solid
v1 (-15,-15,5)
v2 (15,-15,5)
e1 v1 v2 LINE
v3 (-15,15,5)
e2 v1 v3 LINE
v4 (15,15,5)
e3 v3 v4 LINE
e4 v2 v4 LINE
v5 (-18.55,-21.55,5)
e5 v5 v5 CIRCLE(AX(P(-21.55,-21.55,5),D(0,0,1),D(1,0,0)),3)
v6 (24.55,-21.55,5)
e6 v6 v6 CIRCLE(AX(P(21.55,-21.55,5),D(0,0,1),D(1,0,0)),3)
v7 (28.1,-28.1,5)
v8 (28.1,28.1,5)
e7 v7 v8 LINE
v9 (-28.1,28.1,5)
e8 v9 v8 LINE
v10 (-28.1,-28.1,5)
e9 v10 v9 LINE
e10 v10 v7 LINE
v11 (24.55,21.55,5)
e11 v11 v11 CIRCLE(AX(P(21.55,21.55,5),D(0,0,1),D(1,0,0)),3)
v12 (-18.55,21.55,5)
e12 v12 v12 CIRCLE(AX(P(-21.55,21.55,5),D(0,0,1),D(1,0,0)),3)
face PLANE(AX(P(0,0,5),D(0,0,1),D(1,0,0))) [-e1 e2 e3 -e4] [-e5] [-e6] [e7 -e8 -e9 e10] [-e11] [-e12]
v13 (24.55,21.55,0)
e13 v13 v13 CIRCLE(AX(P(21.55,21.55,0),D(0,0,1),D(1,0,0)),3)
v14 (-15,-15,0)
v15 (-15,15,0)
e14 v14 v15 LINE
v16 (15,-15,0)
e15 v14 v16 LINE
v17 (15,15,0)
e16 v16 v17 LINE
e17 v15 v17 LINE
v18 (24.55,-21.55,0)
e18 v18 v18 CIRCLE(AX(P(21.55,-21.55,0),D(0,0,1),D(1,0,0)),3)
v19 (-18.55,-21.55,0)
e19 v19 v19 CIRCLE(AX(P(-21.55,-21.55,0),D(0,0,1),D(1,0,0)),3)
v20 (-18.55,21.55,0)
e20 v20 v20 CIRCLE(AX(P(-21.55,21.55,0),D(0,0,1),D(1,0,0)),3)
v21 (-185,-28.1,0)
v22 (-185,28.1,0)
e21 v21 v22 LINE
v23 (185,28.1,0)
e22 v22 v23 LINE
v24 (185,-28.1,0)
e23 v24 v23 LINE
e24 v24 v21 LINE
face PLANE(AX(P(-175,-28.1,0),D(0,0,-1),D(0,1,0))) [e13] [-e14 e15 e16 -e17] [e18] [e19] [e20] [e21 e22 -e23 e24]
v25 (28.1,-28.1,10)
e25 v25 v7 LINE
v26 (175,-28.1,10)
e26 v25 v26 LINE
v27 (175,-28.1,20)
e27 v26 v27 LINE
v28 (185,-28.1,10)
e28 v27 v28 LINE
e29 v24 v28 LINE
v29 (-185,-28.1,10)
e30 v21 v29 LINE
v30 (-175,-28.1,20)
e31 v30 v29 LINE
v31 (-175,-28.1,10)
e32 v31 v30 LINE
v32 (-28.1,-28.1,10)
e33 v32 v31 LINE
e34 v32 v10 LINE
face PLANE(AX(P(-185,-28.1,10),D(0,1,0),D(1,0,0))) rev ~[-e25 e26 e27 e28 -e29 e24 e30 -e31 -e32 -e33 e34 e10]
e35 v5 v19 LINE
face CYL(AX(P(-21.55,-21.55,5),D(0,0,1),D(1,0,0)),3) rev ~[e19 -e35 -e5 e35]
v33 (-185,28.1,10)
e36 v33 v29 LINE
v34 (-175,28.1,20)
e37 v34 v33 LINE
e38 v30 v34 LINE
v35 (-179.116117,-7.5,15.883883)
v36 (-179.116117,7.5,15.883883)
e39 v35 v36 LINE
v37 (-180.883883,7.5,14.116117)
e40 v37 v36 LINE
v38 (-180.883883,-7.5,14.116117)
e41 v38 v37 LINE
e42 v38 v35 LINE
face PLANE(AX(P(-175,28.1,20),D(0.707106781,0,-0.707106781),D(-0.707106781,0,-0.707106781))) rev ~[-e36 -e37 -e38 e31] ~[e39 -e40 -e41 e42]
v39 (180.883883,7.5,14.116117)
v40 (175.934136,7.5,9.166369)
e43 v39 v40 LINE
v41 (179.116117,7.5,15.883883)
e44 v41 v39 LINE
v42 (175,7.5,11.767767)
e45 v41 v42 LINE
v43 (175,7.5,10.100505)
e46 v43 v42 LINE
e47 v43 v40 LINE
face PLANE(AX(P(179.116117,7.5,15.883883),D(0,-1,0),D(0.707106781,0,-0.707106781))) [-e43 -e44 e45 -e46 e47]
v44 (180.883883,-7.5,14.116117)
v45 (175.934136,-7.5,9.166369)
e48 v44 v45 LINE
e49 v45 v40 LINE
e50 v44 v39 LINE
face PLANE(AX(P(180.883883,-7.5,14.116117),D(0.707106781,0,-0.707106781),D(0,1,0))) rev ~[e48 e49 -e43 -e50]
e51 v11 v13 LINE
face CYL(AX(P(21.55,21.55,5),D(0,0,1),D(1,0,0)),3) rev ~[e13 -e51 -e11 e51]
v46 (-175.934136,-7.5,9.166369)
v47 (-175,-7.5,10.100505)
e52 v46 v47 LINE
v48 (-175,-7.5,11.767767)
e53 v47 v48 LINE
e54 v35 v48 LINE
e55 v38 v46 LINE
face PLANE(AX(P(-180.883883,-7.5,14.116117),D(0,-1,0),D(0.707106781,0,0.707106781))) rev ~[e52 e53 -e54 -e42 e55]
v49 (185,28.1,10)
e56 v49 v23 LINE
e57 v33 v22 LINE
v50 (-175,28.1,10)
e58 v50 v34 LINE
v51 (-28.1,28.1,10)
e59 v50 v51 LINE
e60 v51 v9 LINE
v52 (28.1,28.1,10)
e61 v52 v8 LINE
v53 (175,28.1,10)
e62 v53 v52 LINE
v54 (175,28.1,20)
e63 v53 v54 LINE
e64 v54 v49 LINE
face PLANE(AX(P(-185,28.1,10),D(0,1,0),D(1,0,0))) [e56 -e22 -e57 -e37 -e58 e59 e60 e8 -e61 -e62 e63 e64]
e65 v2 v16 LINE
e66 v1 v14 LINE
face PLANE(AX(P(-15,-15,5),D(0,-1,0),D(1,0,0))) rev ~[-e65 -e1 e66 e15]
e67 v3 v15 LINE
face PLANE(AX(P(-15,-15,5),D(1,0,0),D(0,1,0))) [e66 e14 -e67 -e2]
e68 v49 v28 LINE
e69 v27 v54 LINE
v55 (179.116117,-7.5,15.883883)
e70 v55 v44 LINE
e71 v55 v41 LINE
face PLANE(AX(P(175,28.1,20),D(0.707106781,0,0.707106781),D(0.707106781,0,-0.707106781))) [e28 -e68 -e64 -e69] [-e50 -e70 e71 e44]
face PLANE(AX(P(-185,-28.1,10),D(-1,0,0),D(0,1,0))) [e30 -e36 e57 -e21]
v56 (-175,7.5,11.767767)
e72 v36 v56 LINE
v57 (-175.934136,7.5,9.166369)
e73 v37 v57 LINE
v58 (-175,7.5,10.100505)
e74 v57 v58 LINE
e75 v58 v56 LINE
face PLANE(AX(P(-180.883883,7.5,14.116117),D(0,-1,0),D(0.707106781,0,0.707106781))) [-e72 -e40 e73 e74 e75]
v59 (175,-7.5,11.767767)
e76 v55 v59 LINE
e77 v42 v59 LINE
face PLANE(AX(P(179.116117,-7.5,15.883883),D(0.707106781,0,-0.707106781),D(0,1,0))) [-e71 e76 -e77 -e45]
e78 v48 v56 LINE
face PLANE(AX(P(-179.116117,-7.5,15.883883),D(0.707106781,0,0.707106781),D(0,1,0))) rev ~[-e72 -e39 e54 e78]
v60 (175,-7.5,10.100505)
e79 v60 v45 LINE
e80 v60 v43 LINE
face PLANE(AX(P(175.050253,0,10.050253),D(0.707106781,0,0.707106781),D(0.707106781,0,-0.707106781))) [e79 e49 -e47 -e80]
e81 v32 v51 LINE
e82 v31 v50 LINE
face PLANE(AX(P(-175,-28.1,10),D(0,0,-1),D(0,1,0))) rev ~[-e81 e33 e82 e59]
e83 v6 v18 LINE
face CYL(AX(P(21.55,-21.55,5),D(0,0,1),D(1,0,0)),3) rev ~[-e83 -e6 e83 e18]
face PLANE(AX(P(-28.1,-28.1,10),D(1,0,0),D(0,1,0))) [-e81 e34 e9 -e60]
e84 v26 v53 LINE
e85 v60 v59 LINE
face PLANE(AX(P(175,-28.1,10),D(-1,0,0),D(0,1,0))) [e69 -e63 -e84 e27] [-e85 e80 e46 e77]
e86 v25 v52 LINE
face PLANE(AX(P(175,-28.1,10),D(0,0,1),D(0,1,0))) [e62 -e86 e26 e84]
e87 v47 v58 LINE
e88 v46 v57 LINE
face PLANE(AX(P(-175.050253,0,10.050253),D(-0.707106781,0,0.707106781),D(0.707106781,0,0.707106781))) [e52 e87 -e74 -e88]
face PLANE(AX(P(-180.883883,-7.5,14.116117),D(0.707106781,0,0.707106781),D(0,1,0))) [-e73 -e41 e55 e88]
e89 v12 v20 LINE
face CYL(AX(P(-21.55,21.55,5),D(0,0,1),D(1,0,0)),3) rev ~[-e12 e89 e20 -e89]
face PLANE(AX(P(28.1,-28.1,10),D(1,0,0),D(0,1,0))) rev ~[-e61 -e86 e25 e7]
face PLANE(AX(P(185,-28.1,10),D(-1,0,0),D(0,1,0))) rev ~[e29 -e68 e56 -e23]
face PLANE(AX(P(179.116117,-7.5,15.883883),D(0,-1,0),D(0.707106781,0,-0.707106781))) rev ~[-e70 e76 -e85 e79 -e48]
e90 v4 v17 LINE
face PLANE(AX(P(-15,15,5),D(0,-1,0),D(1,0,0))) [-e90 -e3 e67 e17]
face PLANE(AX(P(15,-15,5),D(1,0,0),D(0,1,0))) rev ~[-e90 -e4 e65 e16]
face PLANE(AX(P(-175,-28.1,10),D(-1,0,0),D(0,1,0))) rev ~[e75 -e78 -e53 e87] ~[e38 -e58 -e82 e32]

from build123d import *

# Parameters (mm, degrees)
SKETCH1_W           = 350
SKETCH1_H           = 56.2
BOSS_EXTRUDE1_DEPTH = 10
SKETCH2_W           = 56.2
SKETCH2_H           = 56.2
CUT_EXTRUDE1_DEPTH  = 5
SKETCH3_W           = 10
SKETCH3_H           = 56.2
BOSS_EXTRUDE2_DEPTH = 10
SKETCH4_W           = 10
SKETCH4_H           = 56.2
BOSS_EXTRUDE3_DEPTH = 10
CUT_EXTRUDE2_DEPTH  = 56.2
SKETCH6_W           = 10
SKETCH6_H           = 56.2
BOSS_EXTRUDE4_DEPTH = 10
SKETCH7_W           = 10
SKETCH7_H           = 56.2
BOSS_EXTRUDE5_DEPTH = 10
CUT_EXTRUDE3_DEPTH  = 56.2
SKETCH9_W           = 30
SKETCH9_H           = 30
CUT_EXTRUDE4_DEPTH  = 5
SKETCH10_R          = 3
CUT_EXTRUDE5_DEPTH  = 5
SKETCH11_W          = 2.5
SKETCH11_H          = 15
CUT_EXTRUDE6_DEPTH  = 7
SKETCH12_W          = 2.5
SKETCH12_H          = 15
CUT_EXTRUDE7_DEPTH  = 7


with BuildPart() as part:
    # Sketch1 → Boss-Extrude1 (new body)
    with BuildSketch(Plane.XY):
        Rectangle(SKETCH1_W, SKETCH1_H)
    extrude(amount=BOSS_EXTRUDE1_DEPTH)

    # Sketch2 → Cut-Extrude1 (cut)
    with BuildSketch(Plane.XY.offset(10)):
        Rectangle(SKETCH2_W, SKETCH2_H)
    extrude(amount=-CUT_EXTRUDE1_DEPTH, mode=Mode.SUBTRACT)

    # Sketch3 → Boss-Extrude2 (add)
    with BuildSketch(Plane(origin=(175, 0, 0), x_dir=(0, 0, -1), z_dir=(1, 0, 0))):
        with Locations((-5, 0)):
            Rectangle(SKETCH3_W, SKETCH3_H)
    extrude(amount=BOSS_EXTRUDE2_DEPTH)

    # Sketch4 → Boss-Extrude3 (add)
    with BuildSketch(Plane.XY.offset(10)):
        with Locations((180, 0)):
            Rectangle(SKETCH4_W, SKETCH4_H)
    extrude(amount=BOSS_EXTRUDE3_DEPTH)

    # Sketch5 → Cut-Extrude2 (cut)
    with BuildSketch(Plane(origin=(0, 28.1, 0), x_dir=(1, 0, 0), z_dir=(0, 1, 0))):
        Polygon((175, -20), (185, -10), (185, -20), align=None)
    extrude(amount=-CUT_EXTRUDE2_DEPTH, mode=Mode.SUBTRACT)

    # Sketch6 → Boss-Extrude4 (add)
    with BuildSketch(Plane.ZY.offset(175)):
        with Locations((5, 0)):
            Rectangle(SKETCH6_W, SKETCH6_H)
    extrude(amount=BOSS_EXTRUDE4_DEPTH)

    # Sketch7 → Boss-Extrude5 (add)
    with BuildSketch(Plane.XY.offset(10)):
        with Locations((-180, 0)):
            Rectangle(SKETCH7_W, SKETCH7_H)
    extrude(amount=BOSS_EXTRUDE5_DEPTH)

    # Sketch8 → Cut-Extrude3 (cut)
    with BuildSketch(Plane(origin=(0, 28.1, 0), x_dir=(1, 0, 0), z_dir=(0, 1, 0))):
        Polygon((-175, -20), (-185, -10), (-185, -20), align=None)
    extrude(amount=-CUT_EXTRUDE3_DEPTH, mode=Mode.SUBTRACT)

    # Sketch9 → Cut-Extrude4 (cut)
    with BuildSketch(Plane.XY.offset(5)):
        Rectangle(SKETCH9_W, SKETCH9_H)
    extrude(amount=-CUT_EXTRUDE4_DEPTH, mode=Mode.SUBTRACT)

    # Sketch10 → Cut-Extrude5 (cut)
    with BuildSketch(Plane.XY.offset(5)):
        with Locations((21.55, 21.55)):
            Circle(SKETCH10_R)
        with Locations((-21.55, -21.55)):
            Circle(SKETCH10_R)
        with Locations((-21.55, 21.55)):
            Circle(SKETCH10_R)
        with Locations((21.55, -21.55)):
            Circle(SKETCH10_R)
    extrude(amount=-CUT_EXTRUDE5_DEPTH, mode=Mode.SUBTRACT)

    # Sketch11 → Cut-Extrude6 (cut)
    with BuildSketch(Plane(origin=(97.5, 0, 97.5), x_dir=(0.707106781, 0, -0.707106781), z_dir=(0.707106781, 0, 0.707106781))):
        with Locations((116.672618896, 0)):
            Rectangle(SKETCH11_W, SKETCH11_H)
    extrude(amount=-CUT_EXTRUDE6_DEPTH, mode=Mode.SUBTRACT)

    # Sketch12 → Cut-Extrude7 (cut)
    with BuildSketch(Plane(origin=(-97.5, 0, 97.5), x_dir=(0.707106781, 0, 0.707106781), z_dir=(-0.707106781, 0, 0.707106781))):
        with Locations((-116.672618896, 0)):
            Rectangle(SKETCH12_W, SKETCH12_H)
    extrude(amount=-CUT_EXTRUDE7_DEPTH, mode=Mode.SUBTRACT)


solid = part.part
